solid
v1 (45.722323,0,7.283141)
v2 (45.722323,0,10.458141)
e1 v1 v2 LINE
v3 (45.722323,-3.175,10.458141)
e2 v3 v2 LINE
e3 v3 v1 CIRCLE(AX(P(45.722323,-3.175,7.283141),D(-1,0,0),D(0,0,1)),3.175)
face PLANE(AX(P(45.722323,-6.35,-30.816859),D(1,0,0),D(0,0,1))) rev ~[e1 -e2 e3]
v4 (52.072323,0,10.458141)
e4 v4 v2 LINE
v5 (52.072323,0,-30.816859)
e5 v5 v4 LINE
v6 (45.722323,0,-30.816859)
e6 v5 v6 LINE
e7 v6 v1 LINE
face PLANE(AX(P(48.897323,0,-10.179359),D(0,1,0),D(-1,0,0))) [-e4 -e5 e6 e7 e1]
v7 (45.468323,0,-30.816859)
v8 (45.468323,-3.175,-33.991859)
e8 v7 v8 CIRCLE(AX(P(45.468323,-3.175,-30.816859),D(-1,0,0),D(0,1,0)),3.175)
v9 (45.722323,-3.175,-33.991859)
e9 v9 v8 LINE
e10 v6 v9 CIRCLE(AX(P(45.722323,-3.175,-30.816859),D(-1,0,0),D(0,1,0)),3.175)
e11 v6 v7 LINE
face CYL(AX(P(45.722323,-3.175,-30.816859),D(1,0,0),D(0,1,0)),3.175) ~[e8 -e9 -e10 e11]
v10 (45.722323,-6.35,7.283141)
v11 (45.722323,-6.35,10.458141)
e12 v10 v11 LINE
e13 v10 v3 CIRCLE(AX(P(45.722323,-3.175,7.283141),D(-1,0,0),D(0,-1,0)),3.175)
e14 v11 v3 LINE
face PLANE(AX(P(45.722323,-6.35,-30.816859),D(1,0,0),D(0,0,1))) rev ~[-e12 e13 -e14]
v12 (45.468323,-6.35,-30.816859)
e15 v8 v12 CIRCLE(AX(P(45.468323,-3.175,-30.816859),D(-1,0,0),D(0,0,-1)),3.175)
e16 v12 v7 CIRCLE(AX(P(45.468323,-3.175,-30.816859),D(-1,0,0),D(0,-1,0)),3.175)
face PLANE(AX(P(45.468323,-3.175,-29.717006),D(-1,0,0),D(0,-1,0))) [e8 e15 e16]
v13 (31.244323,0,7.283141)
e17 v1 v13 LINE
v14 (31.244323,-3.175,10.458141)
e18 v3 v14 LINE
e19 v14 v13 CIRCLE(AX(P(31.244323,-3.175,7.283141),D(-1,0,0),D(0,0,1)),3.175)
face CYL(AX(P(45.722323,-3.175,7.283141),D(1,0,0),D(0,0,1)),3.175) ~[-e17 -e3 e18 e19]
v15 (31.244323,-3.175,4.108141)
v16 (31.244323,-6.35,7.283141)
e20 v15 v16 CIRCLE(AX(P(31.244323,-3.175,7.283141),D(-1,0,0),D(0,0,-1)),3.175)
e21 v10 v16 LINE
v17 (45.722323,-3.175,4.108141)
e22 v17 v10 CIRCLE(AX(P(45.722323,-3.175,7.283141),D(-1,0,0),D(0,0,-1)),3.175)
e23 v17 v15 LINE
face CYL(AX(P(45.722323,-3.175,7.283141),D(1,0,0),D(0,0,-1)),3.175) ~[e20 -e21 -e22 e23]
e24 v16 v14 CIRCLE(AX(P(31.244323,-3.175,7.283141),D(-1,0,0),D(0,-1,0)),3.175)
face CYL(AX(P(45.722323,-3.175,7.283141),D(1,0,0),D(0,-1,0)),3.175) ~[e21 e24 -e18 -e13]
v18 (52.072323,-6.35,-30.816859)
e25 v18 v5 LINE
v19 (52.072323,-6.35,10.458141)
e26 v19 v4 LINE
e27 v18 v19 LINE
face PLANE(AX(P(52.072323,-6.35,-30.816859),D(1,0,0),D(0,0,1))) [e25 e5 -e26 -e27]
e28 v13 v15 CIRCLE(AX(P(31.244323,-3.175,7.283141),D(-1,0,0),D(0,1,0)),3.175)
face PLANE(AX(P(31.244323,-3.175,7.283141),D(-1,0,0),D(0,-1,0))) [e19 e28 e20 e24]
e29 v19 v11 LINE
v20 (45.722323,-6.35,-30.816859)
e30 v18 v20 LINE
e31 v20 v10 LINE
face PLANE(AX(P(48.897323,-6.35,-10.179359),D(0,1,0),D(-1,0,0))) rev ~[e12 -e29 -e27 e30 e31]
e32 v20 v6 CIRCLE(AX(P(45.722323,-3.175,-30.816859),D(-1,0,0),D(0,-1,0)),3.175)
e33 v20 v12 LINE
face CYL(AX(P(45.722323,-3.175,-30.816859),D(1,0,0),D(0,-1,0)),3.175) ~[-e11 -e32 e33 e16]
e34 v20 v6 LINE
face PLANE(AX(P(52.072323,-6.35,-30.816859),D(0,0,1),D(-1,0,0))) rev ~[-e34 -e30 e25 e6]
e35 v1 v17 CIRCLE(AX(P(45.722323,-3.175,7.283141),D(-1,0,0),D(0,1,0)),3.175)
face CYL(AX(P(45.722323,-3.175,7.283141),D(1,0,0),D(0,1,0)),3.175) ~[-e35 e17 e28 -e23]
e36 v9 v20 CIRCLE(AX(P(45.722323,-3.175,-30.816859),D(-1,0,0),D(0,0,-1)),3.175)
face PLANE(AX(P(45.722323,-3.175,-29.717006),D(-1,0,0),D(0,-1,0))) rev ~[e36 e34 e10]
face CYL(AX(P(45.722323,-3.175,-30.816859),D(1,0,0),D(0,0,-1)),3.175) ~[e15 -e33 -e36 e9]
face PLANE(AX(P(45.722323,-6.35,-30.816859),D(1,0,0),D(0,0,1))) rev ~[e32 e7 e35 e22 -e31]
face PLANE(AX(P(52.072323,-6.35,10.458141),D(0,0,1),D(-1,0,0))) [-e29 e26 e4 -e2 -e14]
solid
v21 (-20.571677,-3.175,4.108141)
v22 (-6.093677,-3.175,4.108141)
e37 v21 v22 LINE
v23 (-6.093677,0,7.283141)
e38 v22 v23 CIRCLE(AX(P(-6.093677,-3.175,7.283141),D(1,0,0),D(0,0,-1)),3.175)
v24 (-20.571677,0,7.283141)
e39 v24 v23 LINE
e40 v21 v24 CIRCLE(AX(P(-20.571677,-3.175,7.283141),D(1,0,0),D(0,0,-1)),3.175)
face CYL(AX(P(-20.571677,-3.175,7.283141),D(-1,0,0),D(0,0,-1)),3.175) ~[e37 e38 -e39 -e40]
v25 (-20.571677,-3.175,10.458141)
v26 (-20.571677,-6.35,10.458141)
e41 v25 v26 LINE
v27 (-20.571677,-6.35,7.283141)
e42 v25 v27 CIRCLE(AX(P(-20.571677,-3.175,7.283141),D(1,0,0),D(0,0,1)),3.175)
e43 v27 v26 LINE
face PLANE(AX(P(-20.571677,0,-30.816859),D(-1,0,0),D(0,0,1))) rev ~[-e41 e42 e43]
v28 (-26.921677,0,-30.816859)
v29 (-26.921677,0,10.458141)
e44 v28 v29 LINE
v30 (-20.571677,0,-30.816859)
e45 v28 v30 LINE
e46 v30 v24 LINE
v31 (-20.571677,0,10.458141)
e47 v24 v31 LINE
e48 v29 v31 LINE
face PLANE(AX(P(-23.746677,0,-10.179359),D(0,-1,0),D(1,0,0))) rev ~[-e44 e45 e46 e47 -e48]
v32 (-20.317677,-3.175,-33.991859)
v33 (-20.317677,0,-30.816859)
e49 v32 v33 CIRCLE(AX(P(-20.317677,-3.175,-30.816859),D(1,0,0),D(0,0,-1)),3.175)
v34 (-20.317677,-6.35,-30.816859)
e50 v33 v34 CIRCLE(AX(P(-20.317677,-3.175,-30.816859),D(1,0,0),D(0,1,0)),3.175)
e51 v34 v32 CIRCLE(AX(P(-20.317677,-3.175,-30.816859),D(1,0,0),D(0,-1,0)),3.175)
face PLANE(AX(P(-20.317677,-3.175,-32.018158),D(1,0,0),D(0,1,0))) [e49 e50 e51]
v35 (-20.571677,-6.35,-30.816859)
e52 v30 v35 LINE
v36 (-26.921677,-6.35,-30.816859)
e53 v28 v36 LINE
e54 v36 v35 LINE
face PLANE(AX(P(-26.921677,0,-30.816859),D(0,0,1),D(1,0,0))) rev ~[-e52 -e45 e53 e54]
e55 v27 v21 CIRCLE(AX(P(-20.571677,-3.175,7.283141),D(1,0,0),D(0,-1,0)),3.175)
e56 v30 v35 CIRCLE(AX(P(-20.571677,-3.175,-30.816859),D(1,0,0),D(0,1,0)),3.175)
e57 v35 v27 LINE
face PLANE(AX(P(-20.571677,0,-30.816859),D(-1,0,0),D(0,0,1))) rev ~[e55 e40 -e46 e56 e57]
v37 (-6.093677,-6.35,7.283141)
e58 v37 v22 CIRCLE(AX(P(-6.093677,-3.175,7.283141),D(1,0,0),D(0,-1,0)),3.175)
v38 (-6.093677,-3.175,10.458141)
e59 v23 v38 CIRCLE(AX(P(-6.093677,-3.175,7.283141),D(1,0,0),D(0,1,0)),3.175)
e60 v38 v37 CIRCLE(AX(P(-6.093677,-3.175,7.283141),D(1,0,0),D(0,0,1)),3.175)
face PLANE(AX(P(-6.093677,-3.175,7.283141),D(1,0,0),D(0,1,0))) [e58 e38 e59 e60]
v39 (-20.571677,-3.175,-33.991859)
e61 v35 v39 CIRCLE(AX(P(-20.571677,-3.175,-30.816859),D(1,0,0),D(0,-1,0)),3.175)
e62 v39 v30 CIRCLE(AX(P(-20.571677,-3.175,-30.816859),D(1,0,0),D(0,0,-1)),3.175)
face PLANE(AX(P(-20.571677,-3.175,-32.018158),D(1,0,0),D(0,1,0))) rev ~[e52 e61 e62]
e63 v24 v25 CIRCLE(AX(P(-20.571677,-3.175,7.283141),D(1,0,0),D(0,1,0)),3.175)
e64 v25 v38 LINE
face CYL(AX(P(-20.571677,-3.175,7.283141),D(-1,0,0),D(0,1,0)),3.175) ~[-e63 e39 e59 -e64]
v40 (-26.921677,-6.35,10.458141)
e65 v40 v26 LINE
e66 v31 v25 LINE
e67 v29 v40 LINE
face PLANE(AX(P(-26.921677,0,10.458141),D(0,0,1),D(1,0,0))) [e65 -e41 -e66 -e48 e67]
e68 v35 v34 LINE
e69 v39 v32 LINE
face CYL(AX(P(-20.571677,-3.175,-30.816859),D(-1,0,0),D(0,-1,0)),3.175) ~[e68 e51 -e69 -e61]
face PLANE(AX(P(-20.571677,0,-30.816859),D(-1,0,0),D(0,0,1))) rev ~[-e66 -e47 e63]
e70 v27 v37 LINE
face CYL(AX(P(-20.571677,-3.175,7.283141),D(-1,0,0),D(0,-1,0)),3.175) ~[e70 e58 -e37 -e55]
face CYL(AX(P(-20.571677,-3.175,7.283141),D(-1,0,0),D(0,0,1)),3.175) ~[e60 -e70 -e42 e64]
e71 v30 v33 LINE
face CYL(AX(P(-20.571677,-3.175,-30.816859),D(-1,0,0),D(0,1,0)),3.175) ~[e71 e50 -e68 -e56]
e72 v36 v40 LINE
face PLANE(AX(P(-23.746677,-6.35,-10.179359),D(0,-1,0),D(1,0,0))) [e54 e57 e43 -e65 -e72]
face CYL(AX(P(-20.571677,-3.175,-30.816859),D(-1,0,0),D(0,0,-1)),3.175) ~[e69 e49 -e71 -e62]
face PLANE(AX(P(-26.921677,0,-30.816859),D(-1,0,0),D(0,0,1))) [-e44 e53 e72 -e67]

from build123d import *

# Parameters (mm, degrees)
F0_W      = 6.35
F0_H      = 41.275
F1_DEPTH  = 6.35
F3_DEPTH  = 14.478
F7_ANGLE  = 180
F9_DEPTH  = 0.254
F11_DEPTH = 0.254


with BuildPart() as f1:
    # F0 (on Front) → F1 (new body)
    with BuildSketch(Plane.XZ):
        with Locations((-23.7466770142, -10.1793586344)):
            Rectangle(F0_W, F0_H)
    extrude(amount=F1_DEPTH)

    # F2 (on face) → F3 (join)
    with BuildSketch(Plane.YZ.offset(-20.5716770142)):
        with BuildLine():
            ThreePointArc((-3.175, 10.4581413656), (-5.4200640303, 9.5282053959), (-6.35, 7.2831413656))
            ThreePointArc((-6.35, 7.2831413656), (-5.4200640303, 5.0380773354), (-3.175, 4.1081413656))
            ThreePointArc((-3.175, 4.1081413656), (-0.9299359697, 5.0380773354), (0, 7.2831413656))
            ThreePointArc((0, 7.2831413656), (-0.9299359697, 9.5282053959), (-3.175, 10.4581413656))
        make_face()
    extrude(amount=F3_DEPTH)


with BuildPart() as f4_1:
    # F4: copy of F1
    add(f1.part.moved(Location((78.994, 0, 0))))


with BuildPart() as f4_1_1:
    # F7: moved
    add(f4_1.part.rotate(Axis((52.0723229858, -3.175, -10.1793586344), (0, 0, 1)), F7_ANGLE))

    # F10 (on face) → F11 (join)
    with BuildSketch(Plane(origin=(45.7223229858, 0, 0), x_dir=(0, -1, 0), z_dir=(-1, 0, 0))):
        with BuildLine():
            ThreePointArc((6.35, -30.8168586344), (3.175, -27.6418586344), (0, -30.8168586344))
            Line((0, -30.8168586344), (6.35, -30.8168586344))
        make_face()
        with BuildLine():
            Line((6.35, -30.8168586344), (0, -30.8168586344))
            ThreePointArc((0, -30.8168586344), (0.9299359697, -33.0619226646), (3.175, -33.9918586344))
            ThreePointArc((3.175, -33.9918586344), (5.4200640303, -33.0619226646), (6.35, -30.8168586344))
        make_face()
    extrude(amount=F11_DEPTH)


with BuildPart() as f1_1:
    add(f1.part)

    # F8 (on face) → F9 (join)
    with BuildSketch(Plane.YZ.offset(-20.5716770142)):
        with BuildLine():
            Line((0, -30.8168586344), (-6.35, -30.8168586344))
            ThreePointArc((-6.35, -30.8168586344), (-5.4200640303, -33.0619226646), (-3.175, -33.9918586344))
            ThreePointArc((-3.175, -33.9918586344), (-0.9299359697, -33.0619226646), (0, -30.8168586344))
        make_face()
        with BuildLine():
            ThreePointArc((0, -30.8168586344), (-3.175, -27.6418586344), (-6.35, -30.8168586344))
            Line((-6.35, -30.8168586344), (0, -30.8168586344))
        make_face()
    extrude(amount=F9_DEPTH)


solid = Compound([f4_1_1.part, f1_1.part])
